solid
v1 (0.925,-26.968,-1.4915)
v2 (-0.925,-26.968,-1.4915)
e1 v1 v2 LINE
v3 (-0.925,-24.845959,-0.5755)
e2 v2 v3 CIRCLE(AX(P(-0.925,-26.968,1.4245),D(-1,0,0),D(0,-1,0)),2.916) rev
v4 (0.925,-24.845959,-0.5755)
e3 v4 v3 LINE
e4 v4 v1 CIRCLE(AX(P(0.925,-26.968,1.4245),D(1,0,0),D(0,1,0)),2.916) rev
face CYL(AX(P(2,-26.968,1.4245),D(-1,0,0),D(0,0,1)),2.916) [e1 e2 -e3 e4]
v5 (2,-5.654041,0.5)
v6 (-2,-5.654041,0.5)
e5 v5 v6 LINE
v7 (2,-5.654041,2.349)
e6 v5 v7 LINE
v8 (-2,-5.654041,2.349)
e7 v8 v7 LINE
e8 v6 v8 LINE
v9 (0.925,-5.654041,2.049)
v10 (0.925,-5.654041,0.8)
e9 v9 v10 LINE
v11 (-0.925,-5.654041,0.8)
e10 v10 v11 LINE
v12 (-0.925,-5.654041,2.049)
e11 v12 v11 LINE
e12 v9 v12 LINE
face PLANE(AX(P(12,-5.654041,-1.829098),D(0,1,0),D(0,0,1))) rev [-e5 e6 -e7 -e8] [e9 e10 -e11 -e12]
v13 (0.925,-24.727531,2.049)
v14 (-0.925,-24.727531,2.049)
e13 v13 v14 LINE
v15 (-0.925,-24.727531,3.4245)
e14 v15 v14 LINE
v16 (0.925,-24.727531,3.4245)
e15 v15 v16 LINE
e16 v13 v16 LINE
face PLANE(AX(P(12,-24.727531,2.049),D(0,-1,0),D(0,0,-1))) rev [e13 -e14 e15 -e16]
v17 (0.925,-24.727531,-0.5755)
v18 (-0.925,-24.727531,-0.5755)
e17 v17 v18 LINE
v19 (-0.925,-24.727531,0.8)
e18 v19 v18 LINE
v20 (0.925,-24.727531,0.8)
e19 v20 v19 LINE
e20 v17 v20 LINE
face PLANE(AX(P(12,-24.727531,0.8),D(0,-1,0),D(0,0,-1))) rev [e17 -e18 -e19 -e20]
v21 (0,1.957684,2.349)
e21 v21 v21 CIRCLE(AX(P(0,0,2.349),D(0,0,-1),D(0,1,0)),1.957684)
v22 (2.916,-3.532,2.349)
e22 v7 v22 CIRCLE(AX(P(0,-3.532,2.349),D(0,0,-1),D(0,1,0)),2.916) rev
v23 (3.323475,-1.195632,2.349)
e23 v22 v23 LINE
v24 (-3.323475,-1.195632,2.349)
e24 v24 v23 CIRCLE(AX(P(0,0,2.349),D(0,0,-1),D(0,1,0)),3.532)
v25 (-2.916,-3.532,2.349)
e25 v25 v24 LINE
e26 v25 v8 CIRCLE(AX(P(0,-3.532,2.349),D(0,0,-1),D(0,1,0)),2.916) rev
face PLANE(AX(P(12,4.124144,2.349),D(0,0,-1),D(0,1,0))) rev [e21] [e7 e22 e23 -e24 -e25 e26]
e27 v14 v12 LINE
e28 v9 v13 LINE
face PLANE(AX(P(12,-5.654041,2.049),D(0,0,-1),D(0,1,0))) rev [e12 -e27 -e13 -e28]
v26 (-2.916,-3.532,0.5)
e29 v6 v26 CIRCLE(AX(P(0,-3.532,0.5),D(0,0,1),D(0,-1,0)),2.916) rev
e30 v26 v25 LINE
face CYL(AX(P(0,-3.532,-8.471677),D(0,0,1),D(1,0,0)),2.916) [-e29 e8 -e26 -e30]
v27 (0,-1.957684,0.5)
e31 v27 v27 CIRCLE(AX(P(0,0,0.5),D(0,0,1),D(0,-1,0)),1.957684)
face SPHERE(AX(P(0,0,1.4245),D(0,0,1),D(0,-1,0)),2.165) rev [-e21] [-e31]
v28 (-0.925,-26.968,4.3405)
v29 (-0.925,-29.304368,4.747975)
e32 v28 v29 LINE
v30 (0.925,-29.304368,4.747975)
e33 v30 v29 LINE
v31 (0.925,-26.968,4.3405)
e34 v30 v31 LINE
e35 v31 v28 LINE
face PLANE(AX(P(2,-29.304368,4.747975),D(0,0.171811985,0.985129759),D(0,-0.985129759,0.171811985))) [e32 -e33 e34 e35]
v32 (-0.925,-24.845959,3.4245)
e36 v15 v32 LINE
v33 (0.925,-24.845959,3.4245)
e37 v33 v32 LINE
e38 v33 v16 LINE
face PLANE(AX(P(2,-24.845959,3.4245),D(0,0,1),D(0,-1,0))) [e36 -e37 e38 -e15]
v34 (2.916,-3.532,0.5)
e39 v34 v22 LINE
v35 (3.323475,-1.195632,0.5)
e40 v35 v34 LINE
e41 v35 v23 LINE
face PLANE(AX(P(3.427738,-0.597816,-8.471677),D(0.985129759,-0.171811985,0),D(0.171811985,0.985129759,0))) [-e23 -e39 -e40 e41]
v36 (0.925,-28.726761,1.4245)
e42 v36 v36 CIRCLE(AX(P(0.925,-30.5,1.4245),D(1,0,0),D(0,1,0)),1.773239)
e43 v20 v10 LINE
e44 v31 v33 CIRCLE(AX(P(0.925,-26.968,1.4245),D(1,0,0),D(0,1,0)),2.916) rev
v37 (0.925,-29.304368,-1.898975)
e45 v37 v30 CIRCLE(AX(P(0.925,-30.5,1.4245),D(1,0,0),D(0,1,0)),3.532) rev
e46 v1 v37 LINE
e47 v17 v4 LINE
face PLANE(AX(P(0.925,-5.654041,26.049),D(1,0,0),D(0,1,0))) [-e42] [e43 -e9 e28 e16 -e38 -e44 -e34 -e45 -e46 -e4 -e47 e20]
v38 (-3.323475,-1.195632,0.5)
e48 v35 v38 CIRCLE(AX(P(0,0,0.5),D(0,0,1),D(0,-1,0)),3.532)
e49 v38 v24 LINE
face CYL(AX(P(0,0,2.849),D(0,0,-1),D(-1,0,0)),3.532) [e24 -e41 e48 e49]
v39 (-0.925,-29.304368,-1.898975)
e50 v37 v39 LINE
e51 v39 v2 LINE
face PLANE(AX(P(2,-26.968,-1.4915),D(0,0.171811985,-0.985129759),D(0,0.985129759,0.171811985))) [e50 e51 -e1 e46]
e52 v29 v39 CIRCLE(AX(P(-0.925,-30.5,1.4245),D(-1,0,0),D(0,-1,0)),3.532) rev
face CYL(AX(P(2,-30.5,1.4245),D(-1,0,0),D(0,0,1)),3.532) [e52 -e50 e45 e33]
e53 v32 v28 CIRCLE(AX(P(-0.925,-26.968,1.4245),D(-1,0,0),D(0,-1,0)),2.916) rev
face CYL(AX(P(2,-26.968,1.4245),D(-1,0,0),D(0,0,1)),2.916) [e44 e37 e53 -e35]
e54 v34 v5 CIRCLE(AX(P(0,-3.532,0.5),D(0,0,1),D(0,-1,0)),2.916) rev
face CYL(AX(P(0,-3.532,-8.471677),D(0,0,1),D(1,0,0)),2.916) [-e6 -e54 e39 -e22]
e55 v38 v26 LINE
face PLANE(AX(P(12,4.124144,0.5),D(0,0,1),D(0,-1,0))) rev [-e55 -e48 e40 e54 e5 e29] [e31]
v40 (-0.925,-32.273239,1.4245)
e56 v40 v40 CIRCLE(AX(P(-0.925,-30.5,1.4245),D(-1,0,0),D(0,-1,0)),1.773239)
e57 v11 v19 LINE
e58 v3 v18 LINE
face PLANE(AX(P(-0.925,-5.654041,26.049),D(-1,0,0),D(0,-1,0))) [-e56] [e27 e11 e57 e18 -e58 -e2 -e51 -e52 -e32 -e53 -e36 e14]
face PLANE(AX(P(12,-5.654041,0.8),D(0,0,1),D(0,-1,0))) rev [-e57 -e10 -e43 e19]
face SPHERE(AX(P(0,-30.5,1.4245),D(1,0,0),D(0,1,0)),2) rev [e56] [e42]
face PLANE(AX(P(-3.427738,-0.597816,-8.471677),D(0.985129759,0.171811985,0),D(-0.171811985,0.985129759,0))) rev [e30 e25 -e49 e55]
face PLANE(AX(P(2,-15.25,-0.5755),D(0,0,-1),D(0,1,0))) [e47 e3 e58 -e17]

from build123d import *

# Parameters (mm, degrees)
SKETCH_1_R               = 3.532
SKETCH_1_R_2             = 2.165
EXTRUDE_1_DEPTH          = 2.849
EXTRUDE_START            = -2.849
EXTRUDE_3_DEPTH          = 2.849
EXTRUDE_4_DEPTH          = 2.849
SKETCH_5_W               = 4
SKETCH_5_H               = 8.802
EXTRUDE_5_DEPTH          = 2.849
EXTRUDE_6_DEPTH          = 2
EXTRUDE_6_DEPTH_BACK     = 2
SKETCH_11_R              = 2.165
SKETCH_12_W              = 1.376249561
SKETCH_12_H              = 19.360404774
SKETCH_12_W_2            = 1.095086679
CUT_EXTRUDE_1_DEPTH      = 24
CUT_EXTRUDE_2_DEPTH      = 24
CUT_EXTRUDE_2_DEPTH_BACK = 24
SKETCH_14_W              = 1.935032997
SKETCH_14_H              = 19.90949692
SKETCH_14_W_2            = 1.968594382
SKETCH_15_W              = 2.629097519
SKETCH_15_H              = 19.073490401
SKETCH_15_W_2            = 3.221303736
CUT_EXTRUDE_3_DEPTH      = 24
SKETCH_16_W              = 0.5
SKETCH_16_H              = 9.595959473
CUT_EXTRUDE_4_DEPTH      = 24
CUT_EXTRUDE_5_DEPTH      = 24
CUT_EXTRUDE_5_DEPTH_BACK = 24
SKETCH_17_W              = 1.075
SKETCH_17_H              = 30.344064149
SKETCH_19_R              = 2.165
EXTRUDE_7_DEPTH          = 1.849
SKETCH_21_R              = 2.165
EXTRUDE_9_DEPTH          = 1.85


with BuildPart() as part:
    # 草图1 → 凸台-拉伸1 (new body)
    with BuildSketch(Plane.XY):
        Circle(SKETCH_1_R)
        Circle(SKETCH_1_R_2, mode=Mode.SUBTRACT)
    extrude(amount=EXTRUDE_1_DEPTH)

    # 草图3 → 凸台-拉伸3 (add)
    with BuildSketch(Plane.XY.offset(2.849).offset(EXTRUDE_START)):
        with BuildLine():
            Line((-3.323475253, -1.195632151), (-2.916, -3.532))
            ThreePointArc((-2.916, -3.532), (0, -6.448), (2.916, -3.532))
            Line((2.916, -3.532), (3.323475253, -1.195632151))
            ThreePointArc((3.323475253, -1.195632151), (3.042882681, -1.79328999), (2.655959655, -2.328283126))
            ThreePointArc((2.655959655, -2.328283126), (-0.657357457, -3.470288918), (-3.323475253, -1.195632151))
        make_face()
    extrude(amount=EXTRUDE_3_DEPTH)

    # 草图4 → 凸台-拉伸4 (add)
    with BuildSketch(Plane.XY.offset(2.849).offset(EXTRUDE_START)):
        with BuildLine():
            ThreePointArc((2, -5.654040527), (1.075914918, -6.242251481), (0, -6.448))
            Line((0, -6.448), (2, -6.448))
            Line((2, -6.448), (2, -5.654040527))
        make_face()
        with BuildLine():
            Line((0, -6.448), (-2, -6.448))
            Line((-2, -6.448), (-2, -5.654040527))
            ThreePointArc((-2, -5.654040527), (-1.075914918, -6.242251481), (0, -6.448))
        make_face()
    extrude(amount=EXTRUDE_4_DEPTH)

    # 草图5 → 凸台-拉伸5 (add)
    with BuildSketch(Plane.XY.offset(2.849)):
        with Locations((0, -10.849)):
            Rectangle(SKETCH_5_W, SKETCH_5_H)
    extrude(amount=-EXTRUDE_5_DEPTH)

    # 草图11 → 凸台-拉伸6 (add, two sides: drawn at the far end of the back side and taken through both)
    with BuildSketch(Plane.ZY.offset(-EXTRUDE_6_DEPTH_BACK)):
        with BuildLine():
            Line((4.747975253, -29.304367849), (4.3405, -26.968))
            ThreePointArc((4.3405, -26.968), (4.101723935, -25.812349534), (3.4245, -24.845959473))
            Line((3.4245, -24.845959473), (3.4245, -15.25))
            Line((3.4245, -15.25), (-0.5755, -15.25))
            Line((-0.5755, -15.25), (-0.5755, -24.845959473))
            ThreePointArc((-0.5755, -24.845959473), (-1.252723935, -25.812349534), (-1.4915, -26.968))
            Line((-1.4915, -26.968), (-1.898975253, -29.304367849))
            ThreePointArc((-1.898975253, -29.304367849), (1.4245, -34.032), (4.747975253, -29.304367849))
        make_face()
        with Locations((1.4245, -30.5)):
            Circle(SKETCH_11_R, mode=Mode.SUBTRACT)
    extrude(amount=EXTRUDE_6_DEPTH + EXTRUDE_6_DEPTH_BACK)

    # 草图12 → 切除-拉伸1 (cut)
    with BuildSketch(Plane.ZY.offset(12)):
        with Locations((-0.188124781, -5.556058724)):
            Rectangle(SKETCH_12_W, SKETCH_12_H)
        with Locations((2.896543339, -5.556058724)):
            Rectangle(SKETCH_12_W_2, SKETCH_12_H)
    extrude(amount=-CUT_EXTRUDE_1_DEPTH, mode=Mode.SUBTRACT)

    # 草图14 → 切除-拉伸2 (cut, two sides: drawn at the far end of the back side and taken through both)
    with BuildSketch(Plane.XY.offset(3.4245).offset(-CUT_EXTRUDE_2_DEPTH_BACK)):
        with Locations((-2.467516499, -25.20474846)):
            Rectangle(SKETCH_14_W, SKETCH_14_H)
        with Locations((2.484297191, -25.20474846)):
            Rectangle(SKETCH_14_W_2, SKETCH_14_H)
    extrude(amount=CUT_EXTRUDE_2_DEPTH + CUT_EXTRUDE_2_DEPTH_BACK, mode=Mode.SUBTRACT)

    # 草图15 → 切除-拉伸3 (cut)
    with BuildSketch(Plane.ZY.offset(12)):
        with Locations((-0.51454876, -15.190785727)):
            Rectangle(SKETCH_15_W, SKETCH_15_H)
        with Locations((3.659651868, -15.190785727)):
            Rectangle(SKETCH_15_W_2, SKETCH_15_H)
    extrude(amount=-CUT_EXTRUDE_3_DEPTH, mode=Mode.SUBTRACT)

    # 草图16 → 切除-拉伸4 (cut)
    with BuildSketch(Plane(origin=(0, 0, 0.8), x_dir=(-1, 0, 0), z_dir=(0, 0, -1))):
        with Locations((-1.75, -10.452020264)):
            Rectangle(SKETCH_16_W, SKETCH_16_H)
        with Locations((1.75, -10.452020264)):
            Rectangle(SKETCH_16_W, SKETCH_16_H)
    extrude(amount=-CUT_EXTRUDE_4_DEPTH, mode=Mode.SUBTRACT)

    # 草图17 → 切除-拉伸5 (cut, two sides: drawn at the far end of the back side and taken through both)
    with BuildSketch(Plane.XY.offset(2.049).offset(-CUT_EXTRUDE_5_DEPTH_BACK)):
        with Locations((-1.4625, -20.826072602)):
            Rectangle(SKETCH_17_W, SKETCH_17_H)
        with Locations((1.4625, -20.826072602)):
            Rectangle(SKETCH_17_W, SKETCH_17_H)
    extrude(amount=CUT_EXTRUDE_5_DEPTH + CUT_EXTRUDE_5_DEPTH_BACK, mode=Mode.SUBTRACT)

    # 草图19 → 凸台-拉伸7 (add)
    with BuildSketch(Plane(origin=(0, 0, 0.5), x_dir=(-1, 0, 0), z_dir=(0, 0, -1))):
        Circle(SKETCH_19_R)
    extrude(amount=-EXTRUDE_7_DEPTH)

    # 草图18 → 切除-旋转3 (revolve, cut)
    with BuildSketch(Plane(origin=(0, 0, 1.4245), x_dir=(-1, 0, 0), z_dir=(0, 0, -1))):
        with BuildLine():
            Line((0, 2.165), (0, -2.165))
            ThreePointArc((0, -2.165), (-2.165, 0), (0, 2.165))
        make_face()
    revolve(axis=Axis((0, 2.165, 1.4245), (0, -1, 0)), mode=Mode.SUBTRACT)

    # 草图21 → 凸台-拉伸9 (add)
    with BuildSketch(Plane(origin=(0.925, 0, 0), x_dir=(0, 0, -1), z_dir=(1, 0, 0))):
        with Locations((-1.4245, -30.5)):
            Circle(SKETCH_21_R)
    extrude(amount=-EXTRUDE_9_DEPTH)

    # 草图22 → 切除-旋转4 (revolve, cut)
    with BuildSketch(Plane.ZY):
        with BuildLine():
            Line((1.4245, -28.5), (1.4245, -32.5))
            ThreePointArc((1.4245, -32.5), (-0.5755, -30.5), (1.4245, -28.5))
        make_face()
    revolve(axis=Axis((0, -28.5, 1.4245), (0, -1, 0)), mode=Mode.SUBTRACT)


solid = part.part
